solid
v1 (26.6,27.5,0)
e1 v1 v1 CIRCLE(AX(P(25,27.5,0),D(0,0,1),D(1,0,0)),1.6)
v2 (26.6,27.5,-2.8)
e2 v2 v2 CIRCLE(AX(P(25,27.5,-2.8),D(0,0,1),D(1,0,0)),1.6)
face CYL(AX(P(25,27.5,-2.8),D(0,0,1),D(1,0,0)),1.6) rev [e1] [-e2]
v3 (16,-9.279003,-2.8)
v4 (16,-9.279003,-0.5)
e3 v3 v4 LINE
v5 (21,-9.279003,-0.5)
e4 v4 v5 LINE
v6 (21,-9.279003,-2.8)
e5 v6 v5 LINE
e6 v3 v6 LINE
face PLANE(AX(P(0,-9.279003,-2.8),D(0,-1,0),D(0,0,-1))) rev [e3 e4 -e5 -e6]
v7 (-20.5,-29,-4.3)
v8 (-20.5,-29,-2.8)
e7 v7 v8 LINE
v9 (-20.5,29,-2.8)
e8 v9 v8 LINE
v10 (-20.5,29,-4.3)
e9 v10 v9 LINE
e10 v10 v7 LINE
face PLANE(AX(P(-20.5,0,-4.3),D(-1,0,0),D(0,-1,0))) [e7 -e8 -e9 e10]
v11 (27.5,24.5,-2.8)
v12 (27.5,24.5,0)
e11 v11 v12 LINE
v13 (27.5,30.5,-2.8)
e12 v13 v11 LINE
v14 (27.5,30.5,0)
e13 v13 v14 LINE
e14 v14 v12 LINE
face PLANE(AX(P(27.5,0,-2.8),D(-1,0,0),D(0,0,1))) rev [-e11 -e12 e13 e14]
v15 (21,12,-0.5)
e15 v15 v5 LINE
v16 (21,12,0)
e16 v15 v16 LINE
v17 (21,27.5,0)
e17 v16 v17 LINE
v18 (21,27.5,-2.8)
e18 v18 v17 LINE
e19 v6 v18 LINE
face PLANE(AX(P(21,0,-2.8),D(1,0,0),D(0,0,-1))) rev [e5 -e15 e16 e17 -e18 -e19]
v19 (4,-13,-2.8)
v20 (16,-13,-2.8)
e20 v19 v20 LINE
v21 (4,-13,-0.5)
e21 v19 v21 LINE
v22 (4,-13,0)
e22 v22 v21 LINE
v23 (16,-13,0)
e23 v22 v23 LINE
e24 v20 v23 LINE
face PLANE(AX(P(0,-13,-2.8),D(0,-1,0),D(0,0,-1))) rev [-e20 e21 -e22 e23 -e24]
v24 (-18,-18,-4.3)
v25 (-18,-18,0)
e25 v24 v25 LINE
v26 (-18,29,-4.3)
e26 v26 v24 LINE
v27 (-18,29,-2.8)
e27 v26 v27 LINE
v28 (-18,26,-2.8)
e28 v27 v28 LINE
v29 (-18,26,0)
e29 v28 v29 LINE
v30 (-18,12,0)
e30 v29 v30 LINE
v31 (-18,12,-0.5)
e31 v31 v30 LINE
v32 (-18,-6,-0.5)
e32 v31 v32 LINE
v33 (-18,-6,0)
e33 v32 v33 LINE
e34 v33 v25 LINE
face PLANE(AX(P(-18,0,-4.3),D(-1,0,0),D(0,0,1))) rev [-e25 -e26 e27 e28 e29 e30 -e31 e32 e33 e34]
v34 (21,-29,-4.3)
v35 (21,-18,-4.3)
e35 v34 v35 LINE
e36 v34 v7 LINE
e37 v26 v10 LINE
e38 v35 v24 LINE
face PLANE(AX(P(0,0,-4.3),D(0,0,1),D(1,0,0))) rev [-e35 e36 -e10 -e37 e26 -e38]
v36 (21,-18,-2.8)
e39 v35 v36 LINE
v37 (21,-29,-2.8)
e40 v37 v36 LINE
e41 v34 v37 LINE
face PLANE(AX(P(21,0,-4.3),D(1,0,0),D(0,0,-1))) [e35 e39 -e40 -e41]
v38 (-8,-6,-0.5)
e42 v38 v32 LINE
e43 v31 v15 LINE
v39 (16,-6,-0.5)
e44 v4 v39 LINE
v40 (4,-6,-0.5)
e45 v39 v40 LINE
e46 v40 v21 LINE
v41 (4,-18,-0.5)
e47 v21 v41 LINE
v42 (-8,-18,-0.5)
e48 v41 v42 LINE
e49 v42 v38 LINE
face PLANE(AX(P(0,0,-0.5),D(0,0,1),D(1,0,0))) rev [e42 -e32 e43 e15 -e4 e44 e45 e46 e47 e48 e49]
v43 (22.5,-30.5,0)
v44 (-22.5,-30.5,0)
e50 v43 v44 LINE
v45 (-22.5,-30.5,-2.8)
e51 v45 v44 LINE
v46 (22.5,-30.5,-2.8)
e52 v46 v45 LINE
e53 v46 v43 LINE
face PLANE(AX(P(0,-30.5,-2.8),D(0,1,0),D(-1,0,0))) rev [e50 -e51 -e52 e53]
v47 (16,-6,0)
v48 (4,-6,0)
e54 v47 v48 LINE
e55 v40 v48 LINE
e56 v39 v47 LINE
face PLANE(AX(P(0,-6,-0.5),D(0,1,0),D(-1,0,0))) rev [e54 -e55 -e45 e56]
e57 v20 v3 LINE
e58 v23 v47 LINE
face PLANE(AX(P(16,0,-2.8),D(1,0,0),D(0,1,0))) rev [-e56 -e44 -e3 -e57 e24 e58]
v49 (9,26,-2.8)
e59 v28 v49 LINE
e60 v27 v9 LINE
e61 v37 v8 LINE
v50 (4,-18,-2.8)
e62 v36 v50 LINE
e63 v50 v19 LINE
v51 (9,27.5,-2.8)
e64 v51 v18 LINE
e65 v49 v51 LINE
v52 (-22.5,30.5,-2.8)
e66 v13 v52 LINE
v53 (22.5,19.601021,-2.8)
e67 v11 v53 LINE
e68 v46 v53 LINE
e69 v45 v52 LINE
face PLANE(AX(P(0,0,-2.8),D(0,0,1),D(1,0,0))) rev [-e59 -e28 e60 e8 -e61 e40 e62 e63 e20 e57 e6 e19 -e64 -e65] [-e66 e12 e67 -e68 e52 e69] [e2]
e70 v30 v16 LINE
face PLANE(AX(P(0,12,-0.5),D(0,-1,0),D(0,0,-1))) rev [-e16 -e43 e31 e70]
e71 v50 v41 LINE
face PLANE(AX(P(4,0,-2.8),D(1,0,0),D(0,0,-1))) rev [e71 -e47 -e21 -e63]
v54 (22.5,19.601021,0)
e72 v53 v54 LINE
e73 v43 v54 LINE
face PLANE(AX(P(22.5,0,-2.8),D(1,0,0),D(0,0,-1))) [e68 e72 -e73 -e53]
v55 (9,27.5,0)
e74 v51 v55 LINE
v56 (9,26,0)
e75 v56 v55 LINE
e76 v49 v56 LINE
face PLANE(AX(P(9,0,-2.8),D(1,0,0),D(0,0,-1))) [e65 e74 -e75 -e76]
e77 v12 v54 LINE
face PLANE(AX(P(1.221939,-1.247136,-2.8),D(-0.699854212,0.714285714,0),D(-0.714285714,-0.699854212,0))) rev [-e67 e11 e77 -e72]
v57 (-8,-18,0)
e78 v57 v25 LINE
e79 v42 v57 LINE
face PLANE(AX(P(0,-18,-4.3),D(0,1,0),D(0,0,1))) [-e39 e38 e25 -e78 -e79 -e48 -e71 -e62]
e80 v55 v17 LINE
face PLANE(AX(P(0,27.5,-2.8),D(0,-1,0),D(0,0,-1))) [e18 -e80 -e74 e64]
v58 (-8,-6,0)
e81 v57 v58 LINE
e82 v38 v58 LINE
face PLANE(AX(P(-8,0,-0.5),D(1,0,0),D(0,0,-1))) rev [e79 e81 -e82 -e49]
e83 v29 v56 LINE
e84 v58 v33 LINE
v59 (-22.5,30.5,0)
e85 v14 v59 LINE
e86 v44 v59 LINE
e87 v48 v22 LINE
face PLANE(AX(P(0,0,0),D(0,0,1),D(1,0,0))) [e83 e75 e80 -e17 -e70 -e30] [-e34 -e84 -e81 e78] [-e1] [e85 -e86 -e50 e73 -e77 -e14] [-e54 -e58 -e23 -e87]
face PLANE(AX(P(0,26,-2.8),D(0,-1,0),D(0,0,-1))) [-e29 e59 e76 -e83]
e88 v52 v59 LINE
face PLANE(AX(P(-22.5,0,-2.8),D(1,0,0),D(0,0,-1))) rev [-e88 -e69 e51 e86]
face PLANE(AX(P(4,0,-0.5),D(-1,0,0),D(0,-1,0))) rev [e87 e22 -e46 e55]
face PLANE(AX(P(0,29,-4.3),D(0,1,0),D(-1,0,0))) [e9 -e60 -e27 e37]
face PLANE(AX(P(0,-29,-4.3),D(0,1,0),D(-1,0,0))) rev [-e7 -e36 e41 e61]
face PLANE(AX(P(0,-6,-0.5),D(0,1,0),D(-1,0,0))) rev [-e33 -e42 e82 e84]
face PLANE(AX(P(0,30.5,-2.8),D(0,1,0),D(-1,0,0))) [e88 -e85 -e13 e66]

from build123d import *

# Parameters (mm, degrees)
SKETCH_1_R      = 1.6
EXTRUDE_7_DEPTH = 2.8
SKETCH_1_11_W   = 45
SKETCH_1_11_H   = 61
EXTRUDE_8_DEPTH = 0.5
EXTRUDE_9_DEPTH = 4.3


with BuildPart() as part:
    # 草图1 → 凸台-拉伸7 (new body)
    with BuildSketch(Plane.XY):
        Polygon((22.5, -30.5), (22.5, 19.601020514), (27.5, 24.5), (27.5, 30.5), (-22.5, 30.5), (-22.5, -30.5), align=None)
        Polygon((21, -18), (21, -29), (-20.5, -29), (-20.5, 29), (-18, 29), (-18, 26), (9, 26), (9, 27.5), (21, 27.5), (21, -9.279002621), (16, -9.279002621), (16, -13), (4, -13), (4, -18), align=None, mode=Mode.SUBTRACT)
        with Locations((25, 27.5)):
            Circle(SKETCH_1_R, mode=Mode.SUBTRACT)
    extrude(amount=-EXTRUDE_7_DEPTH)

    # 草图1<11> → 凸台-拉伸8 (add)
    with BuildSketch(Plane.XY):
        Rectangle(SKETCH_1_11_W, SKETCH_1_11_H)
        Polygon((21, -29), (-20.5, -29), (-20.5, 29), (21, 29), (21, 12), (-18, 12), (-18, -6), (-8, -6), (-8, -18), (4, -18), (4, -6), (16, -6), (16, -9.279002621), (21, -9.279002621), align=None, mode=Mode.SUBTRACT)
    extrude(amount=-EXTRUDE_8_DEPTH)

    # 草图1<12> → 凸台-拉伸9 (add)
    with BuildSketch(Plane.XY):
        Polygon((-20.5, -29), (21, -29), (21, -18), (16, -18), (4, -18), (-2, -18), (-8, -18), (-18, -18), (-18, -6), (-18, 12), (-18, 26), (-18, 27.5), (-18, 29), (-20.5, 29), align=None)
    extrude(amount=-EXTRUDE_9_DEPTH)


solid = part.part
